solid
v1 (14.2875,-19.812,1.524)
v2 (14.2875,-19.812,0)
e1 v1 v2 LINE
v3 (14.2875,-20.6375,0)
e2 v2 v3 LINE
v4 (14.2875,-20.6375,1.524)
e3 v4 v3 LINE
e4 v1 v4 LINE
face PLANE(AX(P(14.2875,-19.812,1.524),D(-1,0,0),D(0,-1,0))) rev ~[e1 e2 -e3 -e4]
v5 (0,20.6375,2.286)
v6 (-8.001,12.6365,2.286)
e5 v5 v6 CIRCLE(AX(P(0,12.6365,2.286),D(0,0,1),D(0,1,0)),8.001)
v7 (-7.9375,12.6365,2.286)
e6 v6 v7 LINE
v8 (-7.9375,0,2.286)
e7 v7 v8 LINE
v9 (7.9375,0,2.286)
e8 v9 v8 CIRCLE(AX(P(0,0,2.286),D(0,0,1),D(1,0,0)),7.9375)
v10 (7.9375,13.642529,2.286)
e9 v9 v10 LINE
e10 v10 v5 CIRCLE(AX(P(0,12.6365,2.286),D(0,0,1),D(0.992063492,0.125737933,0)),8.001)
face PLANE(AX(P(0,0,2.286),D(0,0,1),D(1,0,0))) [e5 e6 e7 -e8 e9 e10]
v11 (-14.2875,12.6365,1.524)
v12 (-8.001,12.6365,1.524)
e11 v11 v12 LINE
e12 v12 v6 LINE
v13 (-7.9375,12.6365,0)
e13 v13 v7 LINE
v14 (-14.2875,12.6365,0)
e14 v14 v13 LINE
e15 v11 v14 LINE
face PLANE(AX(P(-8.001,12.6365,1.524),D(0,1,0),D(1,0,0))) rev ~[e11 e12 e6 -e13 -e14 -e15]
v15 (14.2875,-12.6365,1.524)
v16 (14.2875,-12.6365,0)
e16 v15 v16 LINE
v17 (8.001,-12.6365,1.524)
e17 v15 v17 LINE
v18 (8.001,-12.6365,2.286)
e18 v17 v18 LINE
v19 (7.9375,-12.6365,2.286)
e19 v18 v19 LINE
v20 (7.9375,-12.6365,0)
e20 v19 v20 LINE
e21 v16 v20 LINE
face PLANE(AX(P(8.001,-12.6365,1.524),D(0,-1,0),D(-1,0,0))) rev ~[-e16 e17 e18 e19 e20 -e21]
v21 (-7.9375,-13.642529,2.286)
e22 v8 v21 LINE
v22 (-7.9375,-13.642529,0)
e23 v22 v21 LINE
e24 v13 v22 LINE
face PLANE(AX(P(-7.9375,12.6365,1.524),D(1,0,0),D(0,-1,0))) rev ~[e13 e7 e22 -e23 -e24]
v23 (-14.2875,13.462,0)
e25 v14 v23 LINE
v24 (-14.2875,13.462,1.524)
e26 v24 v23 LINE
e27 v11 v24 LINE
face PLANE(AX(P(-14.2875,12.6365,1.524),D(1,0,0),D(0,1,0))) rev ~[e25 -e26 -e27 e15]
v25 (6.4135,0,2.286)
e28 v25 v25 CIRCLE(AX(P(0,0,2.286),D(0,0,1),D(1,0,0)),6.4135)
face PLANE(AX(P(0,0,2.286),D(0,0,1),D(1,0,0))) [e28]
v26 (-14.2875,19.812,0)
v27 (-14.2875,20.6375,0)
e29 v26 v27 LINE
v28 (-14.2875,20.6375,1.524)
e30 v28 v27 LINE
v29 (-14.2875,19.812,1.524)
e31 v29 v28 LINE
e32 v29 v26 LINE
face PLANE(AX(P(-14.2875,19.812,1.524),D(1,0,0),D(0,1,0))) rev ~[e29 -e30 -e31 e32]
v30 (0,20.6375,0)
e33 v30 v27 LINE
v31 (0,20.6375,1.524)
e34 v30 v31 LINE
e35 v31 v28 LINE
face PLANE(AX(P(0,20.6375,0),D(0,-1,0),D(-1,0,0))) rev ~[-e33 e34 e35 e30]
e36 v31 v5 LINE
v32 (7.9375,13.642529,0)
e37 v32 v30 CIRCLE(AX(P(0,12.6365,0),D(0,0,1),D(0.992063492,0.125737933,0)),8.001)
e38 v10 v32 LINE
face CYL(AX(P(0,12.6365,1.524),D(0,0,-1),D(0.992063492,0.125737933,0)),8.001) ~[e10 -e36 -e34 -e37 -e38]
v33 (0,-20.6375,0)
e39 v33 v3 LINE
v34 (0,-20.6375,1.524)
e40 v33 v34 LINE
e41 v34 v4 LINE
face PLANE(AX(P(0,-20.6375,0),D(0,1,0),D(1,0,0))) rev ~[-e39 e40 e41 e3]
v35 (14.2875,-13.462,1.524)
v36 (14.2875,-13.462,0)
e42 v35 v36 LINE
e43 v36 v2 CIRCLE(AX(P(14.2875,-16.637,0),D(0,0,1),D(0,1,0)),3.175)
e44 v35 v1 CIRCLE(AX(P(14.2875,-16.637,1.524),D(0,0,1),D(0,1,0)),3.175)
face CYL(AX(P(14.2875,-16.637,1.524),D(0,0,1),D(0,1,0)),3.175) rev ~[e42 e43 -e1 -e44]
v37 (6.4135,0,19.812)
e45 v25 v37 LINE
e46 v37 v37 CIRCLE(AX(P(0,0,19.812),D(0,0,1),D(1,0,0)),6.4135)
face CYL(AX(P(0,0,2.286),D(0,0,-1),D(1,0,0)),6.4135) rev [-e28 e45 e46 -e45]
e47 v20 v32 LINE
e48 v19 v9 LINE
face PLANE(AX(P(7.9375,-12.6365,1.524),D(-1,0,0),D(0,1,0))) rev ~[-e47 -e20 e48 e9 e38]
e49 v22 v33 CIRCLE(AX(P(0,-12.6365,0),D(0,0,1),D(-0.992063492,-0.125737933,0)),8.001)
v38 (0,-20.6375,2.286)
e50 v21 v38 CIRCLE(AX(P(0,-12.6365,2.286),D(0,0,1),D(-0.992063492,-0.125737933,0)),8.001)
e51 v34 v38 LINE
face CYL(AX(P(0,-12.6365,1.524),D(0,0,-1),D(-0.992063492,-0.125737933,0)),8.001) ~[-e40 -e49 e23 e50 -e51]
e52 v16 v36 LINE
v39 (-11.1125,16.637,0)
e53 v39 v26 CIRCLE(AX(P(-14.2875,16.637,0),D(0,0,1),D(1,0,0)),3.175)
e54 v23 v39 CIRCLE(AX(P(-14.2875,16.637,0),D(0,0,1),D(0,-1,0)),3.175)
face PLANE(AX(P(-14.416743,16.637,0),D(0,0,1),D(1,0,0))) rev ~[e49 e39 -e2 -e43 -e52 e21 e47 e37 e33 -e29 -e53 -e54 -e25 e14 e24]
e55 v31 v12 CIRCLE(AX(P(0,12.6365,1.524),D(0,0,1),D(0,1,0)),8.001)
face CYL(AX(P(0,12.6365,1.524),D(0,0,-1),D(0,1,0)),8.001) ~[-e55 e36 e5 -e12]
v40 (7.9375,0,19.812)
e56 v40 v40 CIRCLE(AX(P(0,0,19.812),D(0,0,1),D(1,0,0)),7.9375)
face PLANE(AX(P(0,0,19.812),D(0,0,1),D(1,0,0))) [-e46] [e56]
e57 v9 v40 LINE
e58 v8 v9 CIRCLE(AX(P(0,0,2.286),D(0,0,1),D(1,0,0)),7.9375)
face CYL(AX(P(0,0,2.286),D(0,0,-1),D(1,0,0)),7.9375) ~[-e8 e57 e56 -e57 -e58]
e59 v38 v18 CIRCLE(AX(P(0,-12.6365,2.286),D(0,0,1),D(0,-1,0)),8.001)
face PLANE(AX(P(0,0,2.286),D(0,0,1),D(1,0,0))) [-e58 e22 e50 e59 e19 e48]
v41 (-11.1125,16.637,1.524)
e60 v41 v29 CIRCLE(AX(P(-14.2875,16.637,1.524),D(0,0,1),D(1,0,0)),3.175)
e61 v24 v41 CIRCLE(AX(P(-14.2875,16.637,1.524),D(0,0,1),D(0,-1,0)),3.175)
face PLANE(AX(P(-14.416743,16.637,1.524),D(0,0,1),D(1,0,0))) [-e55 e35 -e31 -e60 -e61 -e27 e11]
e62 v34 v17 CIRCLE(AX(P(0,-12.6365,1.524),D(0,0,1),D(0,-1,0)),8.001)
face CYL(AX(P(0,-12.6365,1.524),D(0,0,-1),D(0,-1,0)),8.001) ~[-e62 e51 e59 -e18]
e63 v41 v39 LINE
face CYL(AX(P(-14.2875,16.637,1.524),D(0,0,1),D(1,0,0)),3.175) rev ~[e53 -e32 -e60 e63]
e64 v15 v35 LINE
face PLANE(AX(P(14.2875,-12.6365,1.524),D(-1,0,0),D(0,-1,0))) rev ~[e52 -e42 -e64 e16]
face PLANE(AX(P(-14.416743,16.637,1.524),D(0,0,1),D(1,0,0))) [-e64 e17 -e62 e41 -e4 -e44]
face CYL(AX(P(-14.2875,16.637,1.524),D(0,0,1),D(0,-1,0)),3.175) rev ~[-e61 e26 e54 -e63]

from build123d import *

# Parameters (mm, degrees)
F0_W     = 15.875
F0_H     = 25.273
F1_DEPTH = 1.524
F3_DEPTH = 0.762
F4_R     = 6.4135
F5_DEPTH = 17.526
F7_DEPTH = 25.4
F9_DEPTH = 25.4


with BuildPart() as f1:
    # F0 (on Top) → F1 (new body)
    with BuildSketch(Plane.XY):
        with BuildLine():
            Line((-7.9375, 13.6425291994), (-7.9375, 20.6375))
            Line((-7.9375, 20.6375), (-20.6375, 20.6375))
            Line((-20.6375, 20.6375), (-20.6375, 19.05))
            ThreePointArc((-20.6375, 19.05), (-18.931251337, 18.343248663), (-18.2245, 16.637))
            ThreePointArc((-18.2245, 16.637), (-18.931251337, 14.930751337), (-20.6375, 14.224))
            Line((-20.6375, 14.224), (-20.6375, 12.6365))
            Line((-20.6375, 12.6365), (-7.9375, 12.6365))
            Line((-7.9375, 12.6365), (-7.9375, 13.6425291994))
        make_face()
        with BuildLine():
            ThreePointArc((-7.9375, 13.6425291994), (-5.2899320117, 18.6392177438), (0, 20.6375))
            Line((0, 20.6375), (-7.9375, 20.6375))
            Line((-7.9375, 20.6375), (-7.9375, 13.6425291994))
        make_face()
        with BuildLine():
            ThreePointArc((7.9375, 13.6425291994), (5.2899320117, 18.6392177438), (0, 20.6375))
            ThreePointArc((0, 20.6375), (-5.2899320117, 18.6392177438), (-7.9375, 13.6425291994))
            Line((-7.9375, 13.6425291994), (-7.9375, 12.6365))
            Line((-7.9375, 12.6365), (7.9375, 12.6365))
            Line((7.9375, 12.6365), (7.9375, 13.6425291994))
        make_face()
        Rectangle(F0_W, F0_H)
        with BuildLine():
            Line((7.9375, -13.6425291994), (7.9375, -12.6365))
            Line((7.9375, -12.6365), (-7.9375, -12.6365))
            Line((-7.9375, -12.6365), (-7.9375, -13.6425291994))
            ThreePointArc((-7.9375, -13.6425291994), (-5.2899320117, -18.6392177438), (0, -20.6375))
            ThreePointArc((0, -20.6375), (5.2899320117, -18.6392177438), (7.9375, -13.6425291994))
        make_face()
        with BuildLine():
            Line((7.9375, -20.6375), (7.9375, -13.6425291994))
            ThreePointArc((7.9375, -13.6425291994), (5.2899320117, -18.6392177438), (0, -20.6375))
            Line((0, -20.6375), (7.9375, -20.6375))
        make_face()
        with BuildLine():
            Line((20.6375, -14.224), (20.6375, -12.6365))
            Line((20.6375, -12.6365), (7.9375, -12.6365))
            Line((7.9375, -12.6365), (7.9375, -13.6425291994))
            Line((7.9375, -13.6425291994), (7.9375, -20.6375))
            Line((7.9375, -20.6375), (20.6375, -20.6375))
            Line((20.6375, -20.6375), (20.6375, -19.05))
            ThreePointArc((20.6375, -19.05), (18.2245, -16.637), (20.6375, -14.224))
        make_face()
    extrude(amount=F1_DEPTH)

    # F2 (on face) → F3 (join)
    with BuildSketch(Plane.XY.offset(1.524)):
        with BuildLine():
            ThreePointArc((7.9375, 13.6425291994), (5.2899320117, 18.6392177438), (0, 20.6375))
            ThreePointArc((0, 20.6375), (-5.6575613563, 18.2940613563), (-8.001, 12.6365))
            Line((-8.001, 12.6365), (-7.9375, 12.6365))
            Line((-7.9375, 12.6365), (-7.9375, -13.6425291994))
            ThreePointArc((-7.9375, -13.6425291994), (-5.2899320117, -18.6392177438), (0, -20.6375))
            ThreePointArc((0, -20.6375), (5.6575613563, -18.2940613563), (8.001, -12.6365))
            Line((8.001, -12.6365), (7.9375, -12.6365))
            Line((7.9375, -12.6365), (7.9375, 13.6425291994))
        make_face()
    extrude(amount=F3_DEPTH)

    # F4 (on face) → F5 (join)
    with BuildSketch(Plane.XY.offset(2.286)):
        with BuildLine():
            ThreePointArc((-7.9375, -2.94e-08), (1.47e-08, -7.9375), (7.9375, 0))
            ThreePointArc((7.9375, 0), (-1.47e-08, 7.9375), (-7.9375, -2.94e-08))
        make_face()
        Circle(F4_R, mode=Mode.SUBTRACT)
    extrude(amount=F5_DEPTH)

    # F6 (on face) → F7 (cut)
    with BuildSketch(Plane.XY.offset(1.524)):
        with BuildLine():
            Line((-14.2875, 20.6375), (-20.6375, 20.6375))
            Line((-20.6375, 20.6375), (-20.6375, 19.05))
            ThreePointArc((-20.6375, 19.05), (-18.2245, 16.637), (-20.6375, 14.224))
            Line((-20.6375, 14.224), (-20.6375, 12.6365))
            Line((-20.6375, 12.6365), (-14.2875, 12.6365))
            Line((-14.2875, 12.6365), (-14.2875, 13.462))
            ThreePointArc((-14.2875, 13.462), (-17.4625, 16.637), (-14.2875, 19.812))
            Line((-14.2875, 19.812), (-14.2875, 20.6375))
        make_face()
        with BuildLine():
            Line((-14.2875, 13.462), (-14.2875, 19.812))
            ThreePointArc((-14.2875, 19.812), (-17.4625, 16.637), (-14.2875, 13.462))
        make_face()
        with BuildLine():
            ThreePointArc((-11.1125, 16.637), (-12.0424359697, 18.8820640303), (-14.2875, 19.812))
            Line((-14.2875, 19.812), (-14.2875, 13.462))
            ThreePointArc((-14.2875, 13.462), (-12.0424359697, 14.3919359697), (-11.1125, 16.637))
        make_face()
    extrude(amount=-F7_DEPTH, mode=Mode.SUBTRACT)

    # F8 (on face) → F9 (cut)
    with BuildSketch(Plane.XY.offset(1.524)):
        with BuildLine():
            ThreePointArc((14.2875, -13.462), (11.1125, -16.637), (14.2875, -19.812))
            Line((14.2875, -19.812), (14.2875, -13.462))
        make_face()
        with BuildLine():
            Line((14.2875, -13.462), (14.2875, -19.812))
            ThreePointArc((14.2875, -19.812), (16.5325640303, -18.8820640303), (17.4625, -16.637))
            ThreePointArc((17.4625, -16.637), (16.5325640303, -14.3919359697), (14.2875, -13.462))
        make_face()
        with BuildLine():
            Line((14.2875, -20.6375), (20.6375, -20.6375))
            Line((20.6375, -20.6375), (20.6375, -19.05))
            ThreePointArc((20.6375, -19.05), (18.2245, -16.637), (20.6375, -14.224))
            Line((20.6375, -14.224), (20.6375, -12.6365))
            Line((20.6375, -12.6365), (14.2875, -12.6365))
            Line((14.2875, -12.6365), (14.2875, -13.462))
            ThreePointArc((14.2875, -13.462), (16.5325640303, -14.3919359697), (17.4625, -16.637))
            ThreePointArc((17.4625, -16.637), (16.5325640303, -18.8820640303), (14.2875, -19.812))
            Line((14.2875, -19.812), (14.2875, -20.6375))
        make_face()
    extrude(amount=-F9_DEPTH, mode=Mode.SUBTRACT)


solid = f1.part
